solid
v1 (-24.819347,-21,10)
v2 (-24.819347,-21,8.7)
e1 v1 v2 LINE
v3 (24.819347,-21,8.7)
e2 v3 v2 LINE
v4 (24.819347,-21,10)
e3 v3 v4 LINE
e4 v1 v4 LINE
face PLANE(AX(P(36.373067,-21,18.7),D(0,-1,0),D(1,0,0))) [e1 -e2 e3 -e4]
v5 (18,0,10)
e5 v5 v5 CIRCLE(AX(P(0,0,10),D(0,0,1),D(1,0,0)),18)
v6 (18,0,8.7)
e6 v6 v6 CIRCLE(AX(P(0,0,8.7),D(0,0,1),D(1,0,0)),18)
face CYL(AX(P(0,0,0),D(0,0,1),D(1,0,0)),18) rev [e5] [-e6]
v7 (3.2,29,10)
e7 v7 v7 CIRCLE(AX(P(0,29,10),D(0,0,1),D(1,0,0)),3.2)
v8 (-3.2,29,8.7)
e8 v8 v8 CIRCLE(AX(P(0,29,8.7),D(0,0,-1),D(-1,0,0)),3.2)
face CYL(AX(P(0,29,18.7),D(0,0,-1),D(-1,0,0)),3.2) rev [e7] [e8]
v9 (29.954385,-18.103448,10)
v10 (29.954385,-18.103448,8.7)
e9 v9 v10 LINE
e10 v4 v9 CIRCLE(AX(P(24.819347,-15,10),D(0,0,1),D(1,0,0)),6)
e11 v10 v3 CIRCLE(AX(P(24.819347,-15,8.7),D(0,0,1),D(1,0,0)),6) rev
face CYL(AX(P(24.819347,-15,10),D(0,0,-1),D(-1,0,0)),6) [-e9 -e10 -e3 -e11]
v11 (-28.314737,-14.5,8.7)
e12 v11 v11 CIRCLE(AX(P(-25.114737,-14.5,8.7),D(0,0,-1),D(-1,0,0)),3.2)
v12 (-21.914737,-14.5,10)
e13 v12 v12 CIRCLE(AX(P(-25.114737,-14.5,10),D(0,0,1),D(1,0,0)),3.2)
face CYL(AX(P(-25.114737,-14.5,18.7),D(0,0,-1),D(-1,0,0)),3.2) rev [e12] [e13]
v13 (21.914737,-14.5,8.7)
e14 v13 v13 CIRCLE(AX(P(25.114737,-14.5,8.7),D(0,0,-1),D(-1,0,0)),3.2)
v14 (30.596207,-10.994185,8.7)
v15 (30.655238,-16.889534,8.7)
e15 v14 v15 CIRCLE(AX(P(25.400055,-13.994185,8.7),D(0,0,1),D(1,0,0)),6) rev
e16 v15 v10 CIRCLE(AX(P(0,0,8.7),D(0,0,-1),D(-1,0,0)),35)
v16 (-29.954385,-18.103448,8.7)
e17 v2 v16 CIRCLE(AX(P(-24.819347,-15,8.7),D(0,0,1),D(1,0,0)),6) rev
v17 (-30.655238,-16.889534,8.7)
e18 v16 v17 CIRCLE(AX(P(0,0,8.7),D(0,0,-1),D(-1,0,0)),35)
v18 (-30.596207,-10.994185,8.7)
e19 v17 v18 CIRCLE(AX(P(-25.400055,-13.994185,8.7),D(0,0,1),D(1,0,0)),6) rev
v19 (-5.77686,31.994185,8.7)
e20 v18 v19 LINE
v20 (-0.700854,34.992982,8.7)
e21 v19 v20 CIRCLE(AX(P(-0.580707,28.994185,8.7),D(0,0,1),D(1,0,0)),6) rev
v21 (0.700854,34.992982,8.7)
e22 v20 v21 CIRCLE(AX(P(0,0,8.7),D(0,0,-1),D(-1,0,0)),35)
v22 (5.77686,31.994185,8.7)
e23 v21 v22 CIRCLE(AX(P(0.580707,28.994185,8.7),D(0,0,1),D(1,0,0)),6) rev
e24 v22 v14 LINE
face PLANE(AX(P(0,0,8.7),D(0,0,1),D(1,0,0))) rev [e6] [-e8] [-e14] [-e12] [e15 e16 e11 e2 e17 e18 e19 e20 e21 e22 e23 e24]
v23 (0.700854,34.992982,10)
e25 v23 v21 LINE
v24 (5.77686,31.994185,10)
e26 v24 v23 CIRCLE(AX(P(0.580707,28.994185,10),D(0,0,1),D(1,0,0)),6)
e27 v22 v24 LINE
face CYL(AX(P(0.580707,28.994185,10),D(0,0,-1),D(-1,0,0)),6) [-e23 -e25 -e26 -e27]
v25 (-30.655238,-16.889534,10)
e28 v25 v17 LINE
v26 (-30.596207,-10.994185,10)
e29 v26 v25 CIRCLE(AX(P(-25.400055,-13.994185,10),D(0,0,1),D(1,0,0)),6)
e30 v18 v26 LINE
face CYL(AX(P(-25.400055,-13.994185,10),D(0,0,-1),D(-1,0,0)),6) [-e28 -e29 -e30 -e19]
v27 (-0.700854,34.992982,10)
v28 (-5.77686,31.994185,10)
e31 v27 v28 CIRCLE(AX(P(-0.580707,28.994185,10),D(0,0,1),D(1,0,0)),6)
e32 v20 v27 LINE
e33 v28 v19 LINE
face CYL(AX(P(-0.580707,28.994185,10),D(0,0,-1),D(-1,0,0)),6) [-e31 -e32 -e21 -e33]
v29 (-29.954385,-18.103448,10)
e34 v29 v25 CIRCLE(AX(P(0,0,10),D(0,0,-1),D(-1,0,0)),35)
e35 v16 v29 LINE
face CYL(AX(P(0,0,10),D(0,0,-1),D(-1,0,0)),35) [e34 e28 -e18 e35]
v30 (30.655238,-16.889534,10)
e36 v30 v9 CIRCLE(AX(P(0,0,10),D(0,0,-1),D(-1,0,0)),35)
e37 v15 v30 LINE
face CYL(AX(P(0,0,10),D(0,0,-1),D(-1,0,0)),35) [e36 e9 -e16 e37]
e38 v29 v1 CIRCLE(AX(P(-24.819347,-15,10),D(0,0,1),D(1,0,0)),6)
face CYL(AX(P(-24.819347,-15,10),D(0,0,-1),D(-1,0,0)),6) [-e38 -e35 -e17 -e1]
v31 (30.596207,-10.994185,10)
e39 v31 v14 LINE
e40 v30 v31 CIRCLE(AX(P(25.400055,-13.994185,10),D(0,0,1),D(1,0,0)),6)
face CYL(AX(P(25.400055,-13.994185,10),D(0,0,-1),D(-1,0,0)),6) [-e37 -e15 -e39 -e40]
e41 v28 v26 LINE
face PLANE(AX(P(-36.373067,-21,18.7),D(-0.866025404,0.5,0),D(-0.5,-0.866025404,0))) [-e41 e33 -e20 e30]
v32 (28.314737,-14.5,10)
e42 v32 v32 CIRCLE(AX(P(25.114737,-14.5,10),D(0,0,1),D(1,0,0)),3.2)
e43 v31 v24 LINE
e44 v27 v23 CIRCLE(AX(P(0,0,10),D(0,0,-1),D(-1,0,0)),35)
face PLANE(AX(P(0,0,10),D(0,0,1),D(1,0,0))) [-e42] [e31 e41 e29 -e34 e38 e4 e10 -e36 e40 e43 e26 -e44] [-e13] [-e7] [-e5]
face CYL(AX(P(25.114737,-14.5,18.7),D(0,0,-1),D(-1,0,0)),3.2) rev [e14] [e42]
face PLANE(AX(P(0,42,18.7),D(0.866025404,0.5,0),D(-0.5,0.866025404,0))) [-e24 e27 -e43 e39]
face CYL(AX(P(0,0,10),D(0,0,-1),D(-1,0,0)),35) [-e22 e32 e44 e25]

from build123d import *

# Parameters (mm, degrees)
SKETCH2_R           = 18
BOSS_EXTRUDE1_DEPTH = 1.3
BOSS_EXTRUDE7_START = -1.3
BOSS_EXTRUDE7_DEPTH = 1.3
SKETCH17_R          = 0.7
BOSS_EXTRUDE9_DEPTH = 1.3
BOSS_EXTRUDE2_START = -1.3
SKETCH3_R           = 35
SKETCH3_R_2         = 18
BOSS_EXTRUDE2_DEPTH = 1.3
SKETCH6_R           = 5
BOSS_EXTRUDE4_DEPTH = 1
SKETCH7_R           = 59.131365533
CUT_EXTRUDE1_DEPTH  = 10
FILLET1_R           = 6
SKETCH4_R           = 3.2
CUT_EXTRUDE2_DEPTH  = 10
SKETCH18_R          = 18
CUT_EXTRUDE3_DEPTH  = 10


with BuildPart() as part:
    # Sketch2 → Boss-Extrude1 (new body)
    with BuildSketch(Plane.XY.offset(10)):
        Circle(SKETCH2_R)
        with BuildLine():
            ThreePointArc((0, 0.538550206), (0.166421166, 0.512191682), (0.316551869, 0.435696269))
            Line((0.316551869, 0.435696269), (9.992349289, 13.753288904))
            ThreePointArc((9.992349289, 13.753288904), (13.753288904, 9.992349289), (16.167960777, 5.253288904))
            Line((16.167960777, 5.253288904), (0.512191682, 0.166421166))
            ThreePointArc((0.512191682, 0.166421166), (0.538550206, 0), (0.512191682, -0.166421166))
            Line((0.512191682, -0.166421166), (16.167960777, -5.253288904))
            ThreePointArc((16.167960777, -5.253288904), (13.753288904, -9.992349289), (9.992349289, -13.753288904))
            Line((9.992349289, -13.753288904), (0.316551869, -0.435696269))
            ThreePointArc((0.316551869, -0.435696269), (0.166421166, -0.512191682), (0, -0.538550206))
            Line((0, -0.538550206), (0, -17))
            ThreePointArc((0, -17), (-5.253288904, -16.167960777), (-9.992349289, -13.753288904))
            Line((-9.992349289, -13.753288904), (-0.316551869, -0.435696269))
            ThreePointArc((-0.316551869, -0.435696269), (-0.435696269, -0.316551869), (-0.512191682, -0.166421166))
            Line((-0.512191682, -0.166421166), (-16.167960777, -5.253288904))
            ThreePointArc((-16.167960777, -5.253288904), (-17, 0), (-16.167960777, 5.253288904))
            Line((-16.167960777, 5.253288904), (-0.512191682, 0.166421166))
            ThreePointArc((-0.512191682, 0.166421166), (-0.435696269, 0.316551869), (-0.316551869, 0.435696269))
            Line((-0.316551869, 0.435696269), (-9.992349289, 13.753288904))
            ThreePointArc((-9.992349289, 13.753288904), (-5.253288904, 16.167960777), (0, 17))
            Line((0, 17), (0, 0.538550206))
        make_face(mode=Mode.SUBTRACT)
        with BuildLine():
            Line((0.5, 1.198581445), (0.5, 16.492422502))
            ThreePointArc((0.5, 16.492422502), (5.193820321, 15.661233364), (9.454148381, 13.522909391))
            Line((9.454148381, 13.522909391), (0.5, 1.198581445))
        make_face(mode=Mode.SUBTRACT)
        with BuildLine():
            Line((-9.939558578, 13.170238239), (-0.985410197, 0.845910294))
            Line((-0.985410197, 0.845910294), (-15.530717393, 5.57196709))
            ThreePointArc((-15.530717393, 5.57196709), (-13.289739299, 9.779203923), (-9.939558578, 13.170238239))
        make_face(mode=Mode.SUBTRACT)
        with BuildLine():
            Line((-15.597133416, -5.383254519), (-1.109016994, -0.675780132))
            Line((-1.109016994, -0.675780132), (-10.098511219, -13.048757457))
            ThreePointArc((-10.098511219, -13.048757457), (-13.40733091, -9.617352956), (-15.597133416, -5.383254519))
        make_face(mode=Mode.SUBTRACT)
        with BuildLine():
            ThreePointArc((9.289494224, -13.636542709), (5.003553098, -15.723054932), (0.3, -16.497272502))
            Line((0.3, -16.497272502), (0.3, -1.263565384))
            Line((0.3, -1.263565384), (9.289494224, -13.636542709))
        make_face(mode=Mode.SUBTRACT)
        with BuildLine():
            Line((15.782543612, -4.812620609), (1.294427191, -0.105146222))
            Line((1.294427191, -0.105146222), (15.839734388, 4.620910574))
            ThreePointArc((15.839734388, 4.620910574), (16.499696789, -0.100029399), (15.782543612, -4.812620609))
        make_face(mode=Mode.SUBTRACT)
    extrude(amount=-BOSS_EXTRUDE1_DEPTH)

    # Sketch11 → Boss-Extrude7 (add)
    with BuildSketch(Plane(origin=(0, 0, 8.7), x_dir=(-1, 0, 0), z_dir=(0, 0, -1)).offset(BOSS_EXTRUDE7_START)):
        with BuildLine():
            ThreePointArc((-0.512191682, 0.166421166), (-0.435696269, 0.316551869), (-0.316551869, 0.435696269))
            Line((-0.316551869, 0.435696269), (-9.992349289, 13.753288904))
            ThreePointArc((-9.992349289, 13.753288904), (-13.753288904, 9.992349289), (-16.167960777, 5.253288904))
            Line((-16.167960777, 5.253288904), (-0.512191682, 0.166421166))
        make_face()
        with BuildLine():
            Line((0, 17), (0, 0.538550206))
            ThreePointArc((0, 0.538550206), (0.166421166, 0.512191682), (0.316551869, 0.435696269))
            Line((0.316551869, 0.435696269), (9.992349289, 13.753288904))
            ThreePointArc((9.992349289, 13.753288904), (5.253288904, 16.167960777), (0, 17))
        make_face()
        with BuildLine():
            Line((16.167960777, 5.253288904), (0.512191682, 0.166421166))
            ThreePointArc((0.512191682, 0.166421166), (0.531919759, 0.084247813), (0.538550206, 0))
            ThreePointArc((0.538550206, 0), (0.531919759, -0.084247813), (0.512191682, -0.166421166))
            Line((0.512191682, -0.166421166), (16.167960777, -5.253288904))
            ThreePointArc((16.167960777, -5.253288904), (17, 0), (16.167960777, 5.253288904))
        make_face()
        with BuildLine():
            Line((9.992349289, -13.753288904), (0.316551869, -0.435696269))
            ThreePointArc((0.316551869, -0.435696269), (0.166421166, -0.512191682), (0, -0.538550206))
            Line((0, -0.538550206), (0, -17))
            ThreePointArc((0, -17), (5.253288904, -16.167960777), (9.992349289, -13.753288904))
        make_face()
        with BuildLine():
            ThreePointArc((-0.316551869, -0.435696269), (-0.435696269, -0.316551869), (-0.512191682, -0.166421166))
            Line((-0.512191682, -0.166421166), (-16.167960777, -5.253288904))
            ThreePointArc((-16.167960777, -5.253288904), (-13.753288904, -9.992349289), (-9.992349289, -13.753288904))
            Line((-9.992349289, -13.753288904), (-0.316551869, -0.435696269))
        make_face()
        with BuildLine():
            ThreePointArc((0.316551869, 0.435696269), (0.166421166, 0.512191682), (0, 0.538550206))
            ThreePointArc((0, 0.538550206), (-0.166421166, 0.512191682), (-0.316551869, 0.435696269))
            ThreePointArc((-0.316551869, 0.435696269), (-0.435696269, 0.316551869), (-0.512191682, 0.166421166))
            ThreePointArc((-0.512191682, 0.166421166), (-0.538550206, 0), (-0.512191682, -0.166421166))
            ThreePointArc((-0.512191682, -0.166421166), (-0.435696269, -0.316551869), (-0.316551869, -0.435696269))
            ThreePointArc((-0.316551869, -0.435696269), (-0.166421166, -0.512191682), (0, -0.538550206))
            ThreePointArc((0, -0.538550206), (0.166421166, -0.512191682), (0.316551869, -0.435696269))
            ThreePointArc((0.316551869, -0.435696269), (0.435696269, -0.316551869), (0.512191682, -0.166421166))
            ThreePointArc((0.512191682, -0.166421166), (0.531919759, -0.084247813), (0.538550206, 0))
            ThreePointArc((0.538550206, 0), (0.531919759, 0.084247813), (0.512191682, 0.166421166))
            ThreePointArc((0.512191682, 0.166421166), (0.435696269, 0.316551869), (0.316551869, 0.435696269))
        make_face()
    extrude(amount=BOSS_EXTRUDE7_DEPTH)

    # Sketch17 → Boss-Extrude9 (add)
    with BuildSketch(Plane(origin=(0, 0, 8.7), x_dir=(-1, 0, 0), z_dir=(0, 0, -1))):
        Circle(SKETCH17_R)
    extrude(amount=-BOSS_EXTRUDE9_DEPTH)

    # Sketch3 → Boss-Extrude2 (add)
    with BuildSketch(Plane(origin=(0, 0, 8.7), x_dir=(-1, 0, 0), z_dir=(0, 0, -1)).offset(BOSS_EXTRUDE2_START)):
        Circle(SKETCH3_R)
        Circle(SKETCH3_R_2, mode=Mode.SUBTRACT)
    extrude(amount=BOSS_EXTRUDE2_DEPTH)

    # Sketch6 → Boss-Extrude4 (add)
    with BuildSketch(Plane(origin=(0, 0, 10), x_dir=(-1, 0, 0), z_dir=(0, 0, -1))):
        with Locations((0, 30)):
            Circle(SKETCH6_R)
        with Locations((25.980762114, -15)):
            Circle(SKETCH6_R)
        with Locations((-25.980762114, -15)):
            Circle(SKETCH6_R)
    extrude(amount=BOSS_EXTRUDE4_DEPTH)

    # Sketch7 → Cut-Extrude1 (cut)
    with BuildSketch(Plane(origin=(0, 0, 8.7), x_dir=(-1, 0, 0), z_dir=(0, 0, -1))):
        Circle(SKETCH7_R)
        Polygon((0, 42), (-36.373066959, -21), (36.373066959, -21), align=None, mode=Mode.SUBTRACT)
    extrude(amount=-CUT_EXTRUDE1_DEPTH, mode=Mode.SUBTRACT)

    # Fillet1
    fillet1_edges = [part.edges().sort_by_distance(p)[0] for p in [
        (4.186533479, 34.748711306, 9.35),
        (32.186533479, -13.748711306, 9.35),
        (28, -21, 9.35),
        (-28, -21, 9.35),
        (-32.186533479, -13.748711306, 9.35),
        (-4.186533479, 34.748711306, 9.35),
    ]]
    fillet(fillet1_edges, radius=FILLET1_R)

    # Sketch4 → Cut-Extrude2 (cut)
    with BuildSketch(Plane(origin=(0, 0, 8.7), x_dir=(-1, 0, 0), z_dir=(0, 0, -1))):
        with Locations((0, 29)):
            Circle(SKETCH4_R)
        with Locations((25.11473671, -14.5)):
            Circle(SKETCH4_R)
        with Locations((-25.11473671, -14.5)):
            Circle(SKETCH4_R)
    extrude(amount=-CUT_EXTRUDE2_DEPTH, mode=Mode.SUBTRACT)

    # Sketch18 → Cut-Extrude3 (cut)
    with BuildSketch(Plane.XY.offset(10)):
        Circle(SKETCH18_R)
    extrude(amount=-CUT_EXTRUDE3_DEPTH, mode=Mode.SUBTRACT)


solid = part.part
